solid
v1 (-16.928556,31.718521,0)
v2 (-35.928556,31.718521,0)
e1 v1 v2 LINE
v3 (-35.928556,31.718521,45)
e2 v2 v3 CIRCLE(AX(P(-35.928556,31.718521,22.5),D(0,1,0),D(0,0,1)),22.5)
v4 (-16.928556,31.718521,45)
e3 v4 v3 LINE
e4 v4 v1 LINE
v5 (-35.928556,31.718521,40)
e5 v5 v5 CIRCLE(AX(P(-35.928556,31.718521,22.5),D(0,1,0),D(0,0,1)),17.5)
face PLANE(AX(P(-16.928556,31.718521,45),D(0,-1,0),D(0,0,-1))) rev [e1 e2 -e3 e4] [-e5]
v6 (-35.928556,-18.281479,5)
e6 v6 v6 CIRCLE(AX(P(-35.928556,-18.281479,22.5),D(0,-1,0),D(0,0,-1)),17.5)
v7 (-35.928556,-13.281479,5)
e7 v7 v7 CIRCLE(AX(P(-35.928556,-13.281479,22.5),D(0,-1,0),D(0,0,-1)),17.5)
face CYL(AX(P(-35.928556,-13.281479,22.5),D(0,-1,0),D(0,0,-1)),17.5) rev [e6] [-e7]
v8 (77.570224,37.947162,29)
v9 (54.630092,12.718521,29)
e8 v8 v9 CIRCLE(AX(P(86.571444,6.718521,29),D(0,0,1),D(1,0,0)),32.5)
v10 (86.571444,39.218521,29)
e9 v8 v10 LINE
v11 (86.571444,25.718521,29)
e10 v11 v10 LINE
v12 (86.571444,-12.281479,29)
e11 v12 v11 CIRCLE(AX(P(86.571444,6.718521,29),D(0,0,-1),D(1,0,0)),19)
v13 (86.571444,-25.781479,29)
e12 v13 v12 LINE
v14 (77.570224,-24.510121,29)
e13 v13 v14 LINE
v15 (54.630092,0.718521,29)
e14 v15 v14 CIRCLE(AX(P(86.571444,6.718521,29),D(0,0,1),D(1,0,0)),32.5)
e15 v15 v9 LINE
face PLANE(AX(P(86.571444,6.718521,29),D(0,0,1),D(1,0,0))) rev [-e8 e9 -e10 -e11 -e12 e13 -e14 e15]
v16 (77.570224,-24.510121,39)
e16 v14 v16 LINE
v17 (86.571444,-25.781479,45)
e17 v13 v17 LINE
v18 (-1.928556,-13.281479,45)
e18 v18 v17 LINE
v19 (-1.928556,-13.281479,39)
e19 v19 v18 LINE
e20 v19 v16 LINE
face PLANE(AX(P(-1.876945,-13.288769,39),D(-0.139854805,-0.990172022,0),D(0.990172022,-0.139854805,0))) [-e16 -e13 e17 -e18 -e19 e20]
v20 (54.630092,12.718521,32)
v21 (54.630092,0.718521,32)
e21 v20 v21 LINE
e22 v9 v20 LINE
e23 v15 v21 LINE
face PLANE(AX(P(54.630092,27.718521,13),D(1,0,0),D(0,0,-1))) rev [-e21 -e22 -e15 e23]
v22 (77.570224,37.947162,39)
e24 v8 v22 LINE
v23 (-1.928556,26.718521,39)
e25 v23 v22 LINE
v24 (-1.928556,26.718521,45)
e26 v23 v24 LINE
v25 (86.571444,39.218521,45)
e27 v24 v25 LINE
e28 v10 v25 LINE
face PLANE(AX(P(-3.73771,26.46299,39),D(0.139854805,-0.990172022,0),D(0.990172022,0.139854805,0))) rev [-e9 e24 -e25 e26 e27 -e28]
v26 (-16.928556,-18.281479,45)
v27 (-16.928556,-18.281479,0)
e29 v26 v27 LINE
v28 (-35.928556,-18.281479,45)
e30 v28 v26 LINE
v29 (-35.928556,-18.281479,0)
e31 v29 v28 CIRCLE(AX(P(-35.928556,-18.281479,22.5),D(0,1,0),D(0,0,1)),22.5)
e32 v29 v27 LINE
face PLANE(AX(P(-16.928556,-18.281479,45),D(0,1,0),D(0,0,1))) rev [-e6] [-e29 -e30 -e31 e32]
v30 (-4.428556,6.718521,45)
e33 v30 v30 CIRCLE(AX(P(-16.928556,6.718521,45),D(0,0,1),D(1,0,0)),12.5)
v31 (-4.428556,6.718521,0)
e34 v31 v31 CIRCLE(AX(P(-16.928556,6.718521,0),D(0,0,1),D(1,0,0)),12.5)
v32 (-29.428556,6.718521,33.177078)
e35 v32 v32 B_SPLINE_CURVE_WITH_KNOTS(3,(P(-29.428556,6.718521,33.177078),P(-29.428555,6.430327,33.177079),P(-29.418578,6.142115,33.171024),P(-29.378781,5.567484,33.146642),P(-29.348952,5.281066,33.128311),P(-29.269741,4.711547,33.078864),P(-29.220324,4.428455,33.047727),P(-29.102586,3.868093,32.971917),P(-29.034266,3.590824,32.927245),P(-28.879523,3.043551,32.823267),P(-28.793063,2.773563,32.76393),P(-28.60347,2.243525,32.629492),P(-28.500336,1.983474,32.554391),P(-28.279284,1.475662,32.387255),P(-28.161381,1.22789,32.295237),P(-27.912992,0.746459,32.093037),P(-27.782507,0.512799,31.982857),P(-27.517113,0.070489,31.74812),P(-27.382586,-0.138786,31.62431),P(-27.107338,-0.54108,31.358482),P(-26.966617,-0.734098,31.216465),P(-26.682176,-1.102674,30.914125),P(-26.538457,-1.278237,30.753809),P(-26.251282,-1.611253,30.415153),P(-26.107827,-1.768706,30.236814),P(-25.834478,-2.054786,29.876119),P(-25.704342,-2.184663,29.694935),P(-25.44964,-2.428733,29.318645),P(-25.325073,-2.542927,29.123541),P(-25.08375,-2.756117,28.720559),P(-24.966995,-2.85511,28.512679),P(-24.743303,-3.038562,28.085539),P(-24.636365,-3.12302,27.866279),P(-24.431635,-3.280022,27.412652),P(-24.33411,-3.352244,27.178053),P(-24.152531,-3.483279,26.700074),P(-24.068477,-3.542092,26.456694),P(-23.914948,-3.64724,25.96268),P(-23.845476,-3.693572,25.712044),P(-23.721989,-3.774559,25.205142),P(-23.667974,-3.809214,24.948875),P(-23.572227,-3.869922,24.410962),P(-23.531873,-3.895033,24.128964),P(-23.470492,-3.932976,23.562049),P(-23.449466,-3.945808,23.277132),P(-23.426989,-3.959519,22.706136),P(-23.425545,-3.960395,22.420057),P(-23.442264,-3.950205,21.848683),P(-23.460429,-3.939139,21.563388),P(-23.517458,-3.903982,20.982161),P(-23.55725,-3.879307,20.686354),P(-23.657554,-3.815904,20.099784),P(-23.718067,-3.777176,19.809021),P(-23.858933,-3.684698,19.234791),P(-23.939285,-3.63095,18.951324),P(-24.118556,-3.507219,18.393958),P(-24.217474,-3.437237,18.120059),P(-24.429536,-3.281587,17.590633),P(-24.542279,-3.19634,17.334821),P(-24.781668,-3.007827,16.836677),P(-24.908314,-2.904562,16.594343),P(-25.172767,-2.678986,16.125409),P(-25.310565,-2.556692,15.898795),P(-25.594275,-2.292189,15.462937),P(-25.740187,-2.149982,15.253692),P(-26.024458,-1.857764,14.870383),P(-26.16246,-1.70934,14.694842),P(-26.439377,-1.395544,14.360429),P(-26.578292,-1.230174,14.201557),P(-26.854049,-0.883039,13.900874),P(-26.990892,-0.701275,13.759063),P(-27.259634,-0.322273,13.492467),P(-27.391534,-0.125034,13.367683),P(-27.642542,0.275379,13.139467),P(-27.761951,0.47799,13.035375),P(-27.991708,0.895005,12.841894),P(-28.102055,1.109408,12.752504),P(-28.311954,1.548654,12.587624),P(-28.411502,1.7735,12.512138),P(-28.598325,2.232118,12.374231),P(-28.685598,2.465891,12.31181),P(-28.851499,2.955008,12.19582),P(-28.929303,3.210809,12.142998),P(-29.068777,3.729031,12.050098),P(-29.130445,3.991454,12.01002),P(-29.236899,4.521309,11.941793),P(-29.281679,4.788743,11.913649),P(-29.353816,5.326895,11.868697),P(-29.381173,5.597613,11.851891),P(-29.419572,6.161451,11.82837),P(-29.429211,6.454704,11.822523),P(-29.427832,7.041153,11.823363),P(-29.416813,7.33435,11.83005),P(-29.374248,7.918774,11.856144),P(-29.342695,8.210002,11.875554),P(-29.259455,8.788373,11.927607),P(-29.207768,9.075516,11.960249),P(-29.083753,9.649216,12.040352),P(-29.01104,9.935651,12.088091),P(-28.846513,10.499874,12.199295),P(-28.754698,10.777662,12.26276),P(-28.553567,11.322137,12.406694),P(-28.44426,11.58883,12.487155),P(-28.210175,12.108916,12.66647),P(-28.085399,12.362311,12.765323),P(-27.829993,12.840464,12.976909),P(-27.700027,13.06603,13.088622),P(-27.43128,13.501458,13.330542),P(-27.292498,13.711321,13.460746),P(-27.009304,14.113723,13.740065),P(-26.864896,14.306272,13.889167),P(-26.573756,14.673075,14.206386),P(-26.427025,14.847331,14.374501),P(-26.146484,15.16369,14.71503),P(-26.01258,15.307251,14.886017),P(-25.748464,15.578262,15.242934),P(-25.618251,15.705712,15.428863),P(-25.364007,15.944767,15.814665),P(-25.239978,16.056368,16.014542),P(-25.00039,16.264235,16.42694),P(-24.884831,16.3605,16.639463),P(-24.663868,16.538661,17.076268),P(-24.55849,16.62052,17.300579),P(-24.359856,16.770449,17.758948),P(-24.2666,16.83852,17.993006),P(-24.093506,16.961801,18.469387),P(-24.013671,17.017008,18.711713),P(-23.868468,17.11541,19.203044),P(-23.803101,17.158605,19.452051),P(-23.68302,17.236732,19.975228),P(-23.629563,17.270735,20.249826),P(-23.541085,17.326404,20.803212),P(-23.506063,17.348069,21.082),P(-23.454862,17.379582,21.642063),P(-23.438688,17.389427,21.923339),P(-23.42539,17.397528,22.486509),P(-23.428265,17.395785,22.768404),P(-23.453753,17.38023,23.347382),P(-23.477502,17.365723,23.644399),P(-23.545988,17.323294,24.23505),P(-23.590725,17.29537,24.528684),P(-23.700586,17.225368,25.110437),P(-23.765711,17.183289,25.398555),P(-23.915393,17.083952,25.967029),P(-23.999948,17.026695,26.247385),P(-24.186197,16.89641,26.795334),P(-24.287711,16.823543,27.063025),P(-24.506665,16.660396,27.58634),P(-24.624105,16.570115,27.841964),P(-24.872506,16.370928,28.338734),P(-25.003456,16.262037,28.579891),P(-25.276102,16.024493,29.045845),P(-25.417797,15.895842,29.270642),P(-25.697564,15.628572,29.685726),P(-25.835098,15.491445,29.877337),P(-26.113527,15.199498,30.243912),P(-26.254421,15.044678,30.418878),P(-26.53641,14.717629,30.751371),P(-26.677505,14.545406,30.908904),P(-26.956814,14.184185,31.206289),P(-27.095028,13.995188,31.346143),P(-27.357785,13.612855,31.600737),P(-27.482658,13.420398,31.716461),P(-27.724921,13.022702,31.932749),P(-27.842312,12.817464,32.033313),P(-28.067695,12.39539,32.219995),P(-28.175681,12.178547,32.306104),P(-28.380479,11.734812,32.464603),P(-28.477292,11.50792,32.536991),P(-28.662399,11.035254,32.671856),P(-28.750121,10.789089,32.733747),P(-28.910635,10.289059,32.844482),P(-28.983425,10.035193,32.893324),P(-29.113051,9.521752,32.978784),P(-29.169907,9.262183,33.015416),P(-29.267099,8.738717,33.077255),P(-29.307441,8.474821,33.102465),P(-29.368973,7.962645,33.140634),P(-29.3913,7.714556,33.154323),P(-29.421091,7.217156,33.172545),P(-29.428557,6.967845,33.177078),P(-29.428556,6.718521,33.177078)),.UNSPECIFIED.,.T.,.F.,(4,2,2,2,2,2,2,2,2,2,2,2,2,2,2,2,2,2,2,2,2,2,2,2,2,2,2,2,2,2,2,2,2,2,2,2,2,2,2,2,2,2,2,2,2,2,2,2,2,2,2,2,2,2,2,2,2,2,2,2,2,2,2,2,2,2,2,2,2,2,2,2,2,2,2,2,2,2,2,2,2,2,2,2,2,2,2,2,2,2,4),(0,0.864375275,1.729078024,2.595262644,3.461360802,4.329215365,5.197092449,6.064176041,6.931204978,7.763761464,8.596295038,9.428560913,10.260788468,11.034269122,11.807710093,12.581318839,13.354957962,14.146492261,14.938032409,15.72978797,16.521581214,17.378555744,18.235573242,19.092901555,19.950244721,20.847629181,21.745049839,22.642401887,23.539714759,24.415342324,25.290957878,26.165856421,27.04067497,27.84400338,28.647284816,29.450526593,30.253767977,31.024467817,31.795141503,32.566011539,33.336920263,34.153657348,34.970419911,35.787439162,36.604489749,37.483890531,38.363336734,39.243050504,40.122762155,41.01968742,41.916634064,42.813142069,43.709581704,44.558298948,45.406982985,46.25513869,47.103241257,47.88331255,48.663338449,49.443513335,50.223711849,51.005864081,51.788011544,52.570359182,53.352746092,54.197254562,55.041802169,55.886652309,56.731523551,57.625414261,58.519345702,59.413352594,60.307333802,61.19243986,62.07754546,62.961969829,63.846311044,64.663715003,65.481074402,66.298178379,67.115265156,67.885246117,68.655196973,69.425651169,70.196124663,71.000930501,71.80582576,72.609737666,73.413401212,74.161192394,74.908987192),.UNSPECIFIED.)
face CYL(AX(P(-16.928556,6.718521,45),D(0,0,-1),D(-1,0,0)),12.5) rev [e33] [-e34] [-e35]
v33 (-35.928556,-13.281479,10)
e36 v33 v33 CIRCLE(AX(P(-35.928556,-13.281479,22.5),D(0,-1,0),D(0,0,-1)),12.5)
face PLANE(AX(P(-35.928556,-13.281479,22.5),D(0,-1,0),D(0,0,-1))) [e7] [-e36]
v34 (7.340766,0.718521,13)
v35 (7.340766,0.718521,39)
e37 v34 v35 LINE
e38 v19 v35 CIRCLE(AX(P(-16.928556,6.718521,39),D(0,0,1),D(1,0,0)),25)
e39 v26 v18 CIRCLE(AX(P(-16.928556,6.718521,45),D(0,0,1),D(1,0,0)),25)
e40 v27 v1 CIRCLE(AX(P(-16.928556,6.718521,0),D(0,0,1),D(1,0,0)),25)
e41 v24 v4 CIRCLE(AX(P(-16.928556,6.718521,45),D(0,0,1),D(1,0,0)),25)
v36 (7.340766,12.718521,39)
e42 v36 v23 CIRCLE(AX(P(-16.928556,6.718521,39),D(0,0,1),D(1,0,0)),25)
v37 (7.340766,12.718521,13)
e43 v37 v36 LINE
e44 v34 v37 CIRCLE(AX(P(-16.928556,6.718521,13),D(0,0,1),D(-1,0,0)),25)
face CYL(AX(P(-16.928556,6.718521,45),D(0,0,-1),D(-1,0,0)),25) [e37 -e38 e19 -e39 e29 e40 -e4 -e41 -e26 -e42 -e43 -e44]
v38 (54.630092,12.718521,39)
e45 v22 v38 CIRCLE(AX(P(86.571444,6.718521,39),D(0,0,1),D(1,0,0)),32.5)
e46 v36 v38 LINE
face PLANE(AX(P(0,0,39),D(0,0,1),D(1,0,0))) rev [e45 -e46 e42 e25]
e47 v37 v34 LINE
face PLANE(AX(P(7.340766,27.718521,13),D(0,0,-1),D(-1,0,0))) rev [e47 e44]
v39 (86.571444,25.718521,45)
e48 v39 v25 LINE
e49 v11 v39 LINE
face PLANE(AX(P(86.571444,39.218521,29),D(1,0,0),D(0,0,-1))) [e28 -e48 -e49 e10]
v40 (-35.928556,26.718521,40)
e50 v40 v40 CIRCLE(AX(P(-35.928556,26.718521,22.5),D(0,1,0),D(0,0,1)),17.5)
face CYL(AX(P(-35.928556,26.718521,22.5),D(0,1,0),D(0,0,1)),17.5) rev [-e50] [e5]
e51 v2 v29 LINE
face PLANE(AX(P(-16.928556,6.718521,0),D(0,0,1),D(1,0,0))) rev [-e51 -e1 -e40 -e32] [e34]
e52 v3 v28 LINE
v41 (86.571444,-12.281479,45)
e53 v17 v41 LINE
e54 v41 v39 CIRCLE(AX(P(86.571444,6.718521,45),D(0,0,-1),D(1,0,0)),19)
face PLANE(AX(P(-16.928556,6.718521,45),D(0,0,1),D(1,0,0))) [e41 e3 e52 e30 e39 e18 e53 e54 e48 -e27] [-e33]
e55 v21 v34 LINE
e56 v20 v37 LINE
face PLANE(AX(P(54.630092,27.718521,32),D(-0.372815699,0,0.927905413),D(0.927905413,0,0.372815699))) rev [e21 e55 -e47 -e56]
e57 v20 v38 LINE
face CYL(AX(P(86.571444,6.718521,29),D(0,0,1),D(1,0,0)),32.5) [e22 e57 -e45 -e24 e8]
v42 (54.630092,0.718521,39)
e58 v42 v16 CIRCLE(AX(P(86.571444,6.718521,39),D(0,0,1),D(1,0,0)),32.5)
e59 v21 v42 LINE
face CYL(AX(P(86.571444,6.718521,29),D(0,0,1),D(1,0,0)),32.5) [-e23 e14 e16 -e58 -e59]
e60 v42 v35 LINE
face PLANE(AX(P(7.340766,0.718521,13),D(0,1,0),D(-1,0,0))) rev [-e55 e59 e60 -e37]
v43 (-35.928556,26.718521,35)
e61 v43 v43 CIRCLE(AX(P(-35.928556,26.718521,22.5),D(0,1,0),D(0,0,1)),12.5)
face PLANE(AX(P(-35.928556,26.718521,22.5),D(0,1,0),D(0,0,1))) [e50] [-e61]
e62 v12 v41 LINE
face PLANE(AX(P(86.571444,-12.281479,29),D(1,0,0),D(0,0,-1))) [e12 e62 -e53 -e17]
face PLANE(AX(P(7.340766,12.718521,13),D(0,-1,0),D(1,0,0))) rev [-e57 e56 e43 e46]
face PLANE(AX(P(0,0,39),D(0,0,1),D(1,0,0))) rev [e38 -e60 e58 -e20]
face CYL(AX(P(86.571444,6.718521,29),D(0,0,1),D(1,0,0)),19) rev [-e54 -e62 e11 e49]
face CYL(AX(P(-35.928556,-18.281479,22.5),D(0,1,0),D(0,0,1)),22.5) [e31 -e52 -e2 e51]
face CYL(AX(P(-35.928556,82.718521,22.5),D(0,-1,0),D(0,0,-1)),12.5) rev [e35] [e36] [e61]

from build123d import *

# Parameters (mm, degrees)
SKETCH1_R           = 12.5
BOSS_EXTRUDE1_DEPTH = 45
BOSS_EXTRUDE2_DEPTH = 50
SKETCH4_R           = 17.5
CUT_EXTRUDE1_DEPTH  = 5
CUT_EXTRUDE2_START  = -5
SKETCH5_R           = 17.5
CUT_EXTRUDE2_DEPTH  = 5
SKETCH6_R           = 12.5
CUT_EXTRUDE3_DEPTH  = 96
BOSS_EXTRUDE3_DEPTH = 16
BOSS_EXTRUDE4_START = -6
BOSS_EXTRUDE4_DEPTH = 6
BOSS_EXTRUDE5_DEPTH = 26
CUT_EXTRUDE6_DEPTH  = 27
CUT_EXTRUDE13_DEPTH = 45
CUT_EXTRUDE14_DEPTH = 45


with BuildPart() as part:
    # Sketch1 → Boss-Extrude1 (new body)
    with BuildSketch(Plane.XY):
        with BuildLine():
            Line((-16.9285558, 31.718520583), (-35.9285558, 31.718520583))
            Line((-35.9285558, 31.718520583), (-35.9285558, -18.281479417))
            Line((-35.9285558, -18.281479417), (-16.9285558, -18.281479417))
            ThreePointArc((-16.9285558, -18.281479417), (8.0714442, 6.718520583), (-16.9285558, 31.718520583))
        make_face()
        with Locations(Location((-16.9285558, 6.718520583, 0), (0, 0, 180))):
            Circle(SKETCH1_R, mode=Mode.SUBTRACT)
    extrude(amount=BOSS_EXTRUDE1_DEPTH)

    # Sketch2 → Boss-Extrude2 (add)
    with BuildSketch(Plane(origin=(0, 31.718520583, 0), x_dir=(1, 0, 0), z_dir=(0, 1, 0))):
        with BuildLine():
            Line((-35.9285558, 0), (-35.9285558, -45))
            ThreePointArc((-35.9285558, -45), (-58.4285558, -22.5), (-35.9285558, 0))
        make_face()
    extrude(amount=-BOSS_EXTRUDE2_DEPTH)

    # Sketch4 → Cut-Extrude1 (cut)
    with BuildSketch(Plane(origin=(0, 31.718520583, 0), x_dir=(1, 0, 0), z_dir=(0, 1, 0))):
        with Locations(Location((-35.9285558, -22.5, 0), (0, 0, 270))):
            Circle(SKETCH4_R)
    extrude(amount=-CUT_EXTRUDE1_DEPTH, mode=Mode.SUBTRACT)

    # Sketch5 → Cut-Extrude2 (cut)
    with BuildSketch(Plane.XZ.offset(18.281479417).offset(CUT_EXTRUDE2_START)):
        with Locations(Location((-35.9285558, 22.5, 0), (0, 0, 90))):
            Circle(SKETCH5_R)
    extrude(amount=CUT_EXTRUDE2_DEPTH, mode=Mode.SUBTRACT)

    # Sketch6 → Cut-Extrude3 (cut)
    with BuildSketch(Plane.XZ.offset(13.281479417)):
        with Locations(Location((-35.9285558, 22.5, 0), (0, 0, 270))):
            Circle(SKETCH6_R)
    extrude(amount=-CUT_EXTRUDE3_DEPTH, mode=Mode.SUBTRACT)



with BuildPart() as body_2:
    # Sketch7 → Boss-Extrude3 (new body)
    with BuildSketch(Plane.XY.offset(45)):
        with BuildLine():
            Line((86.5714442, 39.218520583), (86.5714442, 25.718520583))
            ThreePointArc((86.5714442, 25.718520583), (67.5714442, 6.718520583), (86.5714442, -12.281479417))
            Line((86.5714442, -12.281479417), (86.5714442, -25.781479417))
            ThreePointArc((86.5714442, -25.781479417), (54.0714442, 6.718520583), (86.5714442, 39.218520583))
        make_face()
    extrude(amount=-BOSS_EXTRUDE3_DEPTH)


with BuildPart() as part_1:
    add(part.part)

    add(body_2.part)  # Boss-Extrude4 merges body 2
    # Sketch8 → Boss-Extrude4 (add)
    with BuildSketch(Plane.XY.offset(45).offset(BOSS_EXTRUDE4_START)):
        with BuildLine():
            Line((77.570223695, 37.947161755), (-1.9285558, 26.718520583))
            ThreePointArc((-1.9285558, 26.718520583), (8.0714442, 6.718520583), (-1.9285558, -13.281479417))
            Line((-1.9285558, -13.281479417), (77.570223695, -24.510120588))
            ThreePointArc((77.570223695, -24.510120588), (54.0714442, 6.718520583), (77.570223695, 37.947161755))
        make_face()
    extrude(amount=BOSS_EXTRUDE4_DEPTH)

    # Sketch11 → Boss-Extrude5 (add)
    with BuildSketch(Plane(origin=(0, 0, 39), x_dir=(-1, 0, 0), z_dir=(0, 0, -1))):
        with BuildLine():
            Line((-7.340766399, 12.718520583), (-54.630091692, 12.718520583))
            ThreePointArc((-54.630091692, 12.718520583), (-54.0714442, 6.718520583), (-54.630091692, 0.718520583))
            Line((-54.630091692, 0.718520583), (-7.340766399, 0.718520583))
            ThreePointArc((-7.340766399, 0.718520583), (-8.0714442, 6.718520583), (-7.340766399, 12.718520583))
        make_face()
    extrude(amount=BOSS_EXTRUDE5_DEPTH)

    # Sketch12 → Cut-Extrude6 (cut)
    with BuildSketch(Plane.XZ.offset(-0.718520583)):
        Polygon((54.630091692, 32), (7.340766399, 13), (54.630091692, 13), align=None)
    extrude(amount=-CUT_EXTRUDE6_DEPTH, mode=Mode.SUBTRACT)

    # Sketch22 → Cut-Extrude13 (cut)
    with BuildSketch(Plane.XY.offset(45)):
        Polygon((86.5714442, 39.218520583), (77.570223695, 37.947161755), (65.199967012, 56.955266835), (110.383312753, 52.793642885), align=None)
    extrude(amount=-CUT_EXTRUDE13_DEPTH, mode=Mode.SUBTRACT)

    # Sketch23 → Cut-Extrude14 (cut)
    with BuildSketch(Plane.XY.offset(45)):
        Polygon((86.5714442, -25.781479417), (77.570223695, -24.510120588), (41.145903609, -43.152647533), (115.929494314, -52.929136625), align=None)
    extrude(amount=-CUT_EXTRUDE14_DEPTH, mode=Mode.SUBTRACT)


solid = part_1.part
